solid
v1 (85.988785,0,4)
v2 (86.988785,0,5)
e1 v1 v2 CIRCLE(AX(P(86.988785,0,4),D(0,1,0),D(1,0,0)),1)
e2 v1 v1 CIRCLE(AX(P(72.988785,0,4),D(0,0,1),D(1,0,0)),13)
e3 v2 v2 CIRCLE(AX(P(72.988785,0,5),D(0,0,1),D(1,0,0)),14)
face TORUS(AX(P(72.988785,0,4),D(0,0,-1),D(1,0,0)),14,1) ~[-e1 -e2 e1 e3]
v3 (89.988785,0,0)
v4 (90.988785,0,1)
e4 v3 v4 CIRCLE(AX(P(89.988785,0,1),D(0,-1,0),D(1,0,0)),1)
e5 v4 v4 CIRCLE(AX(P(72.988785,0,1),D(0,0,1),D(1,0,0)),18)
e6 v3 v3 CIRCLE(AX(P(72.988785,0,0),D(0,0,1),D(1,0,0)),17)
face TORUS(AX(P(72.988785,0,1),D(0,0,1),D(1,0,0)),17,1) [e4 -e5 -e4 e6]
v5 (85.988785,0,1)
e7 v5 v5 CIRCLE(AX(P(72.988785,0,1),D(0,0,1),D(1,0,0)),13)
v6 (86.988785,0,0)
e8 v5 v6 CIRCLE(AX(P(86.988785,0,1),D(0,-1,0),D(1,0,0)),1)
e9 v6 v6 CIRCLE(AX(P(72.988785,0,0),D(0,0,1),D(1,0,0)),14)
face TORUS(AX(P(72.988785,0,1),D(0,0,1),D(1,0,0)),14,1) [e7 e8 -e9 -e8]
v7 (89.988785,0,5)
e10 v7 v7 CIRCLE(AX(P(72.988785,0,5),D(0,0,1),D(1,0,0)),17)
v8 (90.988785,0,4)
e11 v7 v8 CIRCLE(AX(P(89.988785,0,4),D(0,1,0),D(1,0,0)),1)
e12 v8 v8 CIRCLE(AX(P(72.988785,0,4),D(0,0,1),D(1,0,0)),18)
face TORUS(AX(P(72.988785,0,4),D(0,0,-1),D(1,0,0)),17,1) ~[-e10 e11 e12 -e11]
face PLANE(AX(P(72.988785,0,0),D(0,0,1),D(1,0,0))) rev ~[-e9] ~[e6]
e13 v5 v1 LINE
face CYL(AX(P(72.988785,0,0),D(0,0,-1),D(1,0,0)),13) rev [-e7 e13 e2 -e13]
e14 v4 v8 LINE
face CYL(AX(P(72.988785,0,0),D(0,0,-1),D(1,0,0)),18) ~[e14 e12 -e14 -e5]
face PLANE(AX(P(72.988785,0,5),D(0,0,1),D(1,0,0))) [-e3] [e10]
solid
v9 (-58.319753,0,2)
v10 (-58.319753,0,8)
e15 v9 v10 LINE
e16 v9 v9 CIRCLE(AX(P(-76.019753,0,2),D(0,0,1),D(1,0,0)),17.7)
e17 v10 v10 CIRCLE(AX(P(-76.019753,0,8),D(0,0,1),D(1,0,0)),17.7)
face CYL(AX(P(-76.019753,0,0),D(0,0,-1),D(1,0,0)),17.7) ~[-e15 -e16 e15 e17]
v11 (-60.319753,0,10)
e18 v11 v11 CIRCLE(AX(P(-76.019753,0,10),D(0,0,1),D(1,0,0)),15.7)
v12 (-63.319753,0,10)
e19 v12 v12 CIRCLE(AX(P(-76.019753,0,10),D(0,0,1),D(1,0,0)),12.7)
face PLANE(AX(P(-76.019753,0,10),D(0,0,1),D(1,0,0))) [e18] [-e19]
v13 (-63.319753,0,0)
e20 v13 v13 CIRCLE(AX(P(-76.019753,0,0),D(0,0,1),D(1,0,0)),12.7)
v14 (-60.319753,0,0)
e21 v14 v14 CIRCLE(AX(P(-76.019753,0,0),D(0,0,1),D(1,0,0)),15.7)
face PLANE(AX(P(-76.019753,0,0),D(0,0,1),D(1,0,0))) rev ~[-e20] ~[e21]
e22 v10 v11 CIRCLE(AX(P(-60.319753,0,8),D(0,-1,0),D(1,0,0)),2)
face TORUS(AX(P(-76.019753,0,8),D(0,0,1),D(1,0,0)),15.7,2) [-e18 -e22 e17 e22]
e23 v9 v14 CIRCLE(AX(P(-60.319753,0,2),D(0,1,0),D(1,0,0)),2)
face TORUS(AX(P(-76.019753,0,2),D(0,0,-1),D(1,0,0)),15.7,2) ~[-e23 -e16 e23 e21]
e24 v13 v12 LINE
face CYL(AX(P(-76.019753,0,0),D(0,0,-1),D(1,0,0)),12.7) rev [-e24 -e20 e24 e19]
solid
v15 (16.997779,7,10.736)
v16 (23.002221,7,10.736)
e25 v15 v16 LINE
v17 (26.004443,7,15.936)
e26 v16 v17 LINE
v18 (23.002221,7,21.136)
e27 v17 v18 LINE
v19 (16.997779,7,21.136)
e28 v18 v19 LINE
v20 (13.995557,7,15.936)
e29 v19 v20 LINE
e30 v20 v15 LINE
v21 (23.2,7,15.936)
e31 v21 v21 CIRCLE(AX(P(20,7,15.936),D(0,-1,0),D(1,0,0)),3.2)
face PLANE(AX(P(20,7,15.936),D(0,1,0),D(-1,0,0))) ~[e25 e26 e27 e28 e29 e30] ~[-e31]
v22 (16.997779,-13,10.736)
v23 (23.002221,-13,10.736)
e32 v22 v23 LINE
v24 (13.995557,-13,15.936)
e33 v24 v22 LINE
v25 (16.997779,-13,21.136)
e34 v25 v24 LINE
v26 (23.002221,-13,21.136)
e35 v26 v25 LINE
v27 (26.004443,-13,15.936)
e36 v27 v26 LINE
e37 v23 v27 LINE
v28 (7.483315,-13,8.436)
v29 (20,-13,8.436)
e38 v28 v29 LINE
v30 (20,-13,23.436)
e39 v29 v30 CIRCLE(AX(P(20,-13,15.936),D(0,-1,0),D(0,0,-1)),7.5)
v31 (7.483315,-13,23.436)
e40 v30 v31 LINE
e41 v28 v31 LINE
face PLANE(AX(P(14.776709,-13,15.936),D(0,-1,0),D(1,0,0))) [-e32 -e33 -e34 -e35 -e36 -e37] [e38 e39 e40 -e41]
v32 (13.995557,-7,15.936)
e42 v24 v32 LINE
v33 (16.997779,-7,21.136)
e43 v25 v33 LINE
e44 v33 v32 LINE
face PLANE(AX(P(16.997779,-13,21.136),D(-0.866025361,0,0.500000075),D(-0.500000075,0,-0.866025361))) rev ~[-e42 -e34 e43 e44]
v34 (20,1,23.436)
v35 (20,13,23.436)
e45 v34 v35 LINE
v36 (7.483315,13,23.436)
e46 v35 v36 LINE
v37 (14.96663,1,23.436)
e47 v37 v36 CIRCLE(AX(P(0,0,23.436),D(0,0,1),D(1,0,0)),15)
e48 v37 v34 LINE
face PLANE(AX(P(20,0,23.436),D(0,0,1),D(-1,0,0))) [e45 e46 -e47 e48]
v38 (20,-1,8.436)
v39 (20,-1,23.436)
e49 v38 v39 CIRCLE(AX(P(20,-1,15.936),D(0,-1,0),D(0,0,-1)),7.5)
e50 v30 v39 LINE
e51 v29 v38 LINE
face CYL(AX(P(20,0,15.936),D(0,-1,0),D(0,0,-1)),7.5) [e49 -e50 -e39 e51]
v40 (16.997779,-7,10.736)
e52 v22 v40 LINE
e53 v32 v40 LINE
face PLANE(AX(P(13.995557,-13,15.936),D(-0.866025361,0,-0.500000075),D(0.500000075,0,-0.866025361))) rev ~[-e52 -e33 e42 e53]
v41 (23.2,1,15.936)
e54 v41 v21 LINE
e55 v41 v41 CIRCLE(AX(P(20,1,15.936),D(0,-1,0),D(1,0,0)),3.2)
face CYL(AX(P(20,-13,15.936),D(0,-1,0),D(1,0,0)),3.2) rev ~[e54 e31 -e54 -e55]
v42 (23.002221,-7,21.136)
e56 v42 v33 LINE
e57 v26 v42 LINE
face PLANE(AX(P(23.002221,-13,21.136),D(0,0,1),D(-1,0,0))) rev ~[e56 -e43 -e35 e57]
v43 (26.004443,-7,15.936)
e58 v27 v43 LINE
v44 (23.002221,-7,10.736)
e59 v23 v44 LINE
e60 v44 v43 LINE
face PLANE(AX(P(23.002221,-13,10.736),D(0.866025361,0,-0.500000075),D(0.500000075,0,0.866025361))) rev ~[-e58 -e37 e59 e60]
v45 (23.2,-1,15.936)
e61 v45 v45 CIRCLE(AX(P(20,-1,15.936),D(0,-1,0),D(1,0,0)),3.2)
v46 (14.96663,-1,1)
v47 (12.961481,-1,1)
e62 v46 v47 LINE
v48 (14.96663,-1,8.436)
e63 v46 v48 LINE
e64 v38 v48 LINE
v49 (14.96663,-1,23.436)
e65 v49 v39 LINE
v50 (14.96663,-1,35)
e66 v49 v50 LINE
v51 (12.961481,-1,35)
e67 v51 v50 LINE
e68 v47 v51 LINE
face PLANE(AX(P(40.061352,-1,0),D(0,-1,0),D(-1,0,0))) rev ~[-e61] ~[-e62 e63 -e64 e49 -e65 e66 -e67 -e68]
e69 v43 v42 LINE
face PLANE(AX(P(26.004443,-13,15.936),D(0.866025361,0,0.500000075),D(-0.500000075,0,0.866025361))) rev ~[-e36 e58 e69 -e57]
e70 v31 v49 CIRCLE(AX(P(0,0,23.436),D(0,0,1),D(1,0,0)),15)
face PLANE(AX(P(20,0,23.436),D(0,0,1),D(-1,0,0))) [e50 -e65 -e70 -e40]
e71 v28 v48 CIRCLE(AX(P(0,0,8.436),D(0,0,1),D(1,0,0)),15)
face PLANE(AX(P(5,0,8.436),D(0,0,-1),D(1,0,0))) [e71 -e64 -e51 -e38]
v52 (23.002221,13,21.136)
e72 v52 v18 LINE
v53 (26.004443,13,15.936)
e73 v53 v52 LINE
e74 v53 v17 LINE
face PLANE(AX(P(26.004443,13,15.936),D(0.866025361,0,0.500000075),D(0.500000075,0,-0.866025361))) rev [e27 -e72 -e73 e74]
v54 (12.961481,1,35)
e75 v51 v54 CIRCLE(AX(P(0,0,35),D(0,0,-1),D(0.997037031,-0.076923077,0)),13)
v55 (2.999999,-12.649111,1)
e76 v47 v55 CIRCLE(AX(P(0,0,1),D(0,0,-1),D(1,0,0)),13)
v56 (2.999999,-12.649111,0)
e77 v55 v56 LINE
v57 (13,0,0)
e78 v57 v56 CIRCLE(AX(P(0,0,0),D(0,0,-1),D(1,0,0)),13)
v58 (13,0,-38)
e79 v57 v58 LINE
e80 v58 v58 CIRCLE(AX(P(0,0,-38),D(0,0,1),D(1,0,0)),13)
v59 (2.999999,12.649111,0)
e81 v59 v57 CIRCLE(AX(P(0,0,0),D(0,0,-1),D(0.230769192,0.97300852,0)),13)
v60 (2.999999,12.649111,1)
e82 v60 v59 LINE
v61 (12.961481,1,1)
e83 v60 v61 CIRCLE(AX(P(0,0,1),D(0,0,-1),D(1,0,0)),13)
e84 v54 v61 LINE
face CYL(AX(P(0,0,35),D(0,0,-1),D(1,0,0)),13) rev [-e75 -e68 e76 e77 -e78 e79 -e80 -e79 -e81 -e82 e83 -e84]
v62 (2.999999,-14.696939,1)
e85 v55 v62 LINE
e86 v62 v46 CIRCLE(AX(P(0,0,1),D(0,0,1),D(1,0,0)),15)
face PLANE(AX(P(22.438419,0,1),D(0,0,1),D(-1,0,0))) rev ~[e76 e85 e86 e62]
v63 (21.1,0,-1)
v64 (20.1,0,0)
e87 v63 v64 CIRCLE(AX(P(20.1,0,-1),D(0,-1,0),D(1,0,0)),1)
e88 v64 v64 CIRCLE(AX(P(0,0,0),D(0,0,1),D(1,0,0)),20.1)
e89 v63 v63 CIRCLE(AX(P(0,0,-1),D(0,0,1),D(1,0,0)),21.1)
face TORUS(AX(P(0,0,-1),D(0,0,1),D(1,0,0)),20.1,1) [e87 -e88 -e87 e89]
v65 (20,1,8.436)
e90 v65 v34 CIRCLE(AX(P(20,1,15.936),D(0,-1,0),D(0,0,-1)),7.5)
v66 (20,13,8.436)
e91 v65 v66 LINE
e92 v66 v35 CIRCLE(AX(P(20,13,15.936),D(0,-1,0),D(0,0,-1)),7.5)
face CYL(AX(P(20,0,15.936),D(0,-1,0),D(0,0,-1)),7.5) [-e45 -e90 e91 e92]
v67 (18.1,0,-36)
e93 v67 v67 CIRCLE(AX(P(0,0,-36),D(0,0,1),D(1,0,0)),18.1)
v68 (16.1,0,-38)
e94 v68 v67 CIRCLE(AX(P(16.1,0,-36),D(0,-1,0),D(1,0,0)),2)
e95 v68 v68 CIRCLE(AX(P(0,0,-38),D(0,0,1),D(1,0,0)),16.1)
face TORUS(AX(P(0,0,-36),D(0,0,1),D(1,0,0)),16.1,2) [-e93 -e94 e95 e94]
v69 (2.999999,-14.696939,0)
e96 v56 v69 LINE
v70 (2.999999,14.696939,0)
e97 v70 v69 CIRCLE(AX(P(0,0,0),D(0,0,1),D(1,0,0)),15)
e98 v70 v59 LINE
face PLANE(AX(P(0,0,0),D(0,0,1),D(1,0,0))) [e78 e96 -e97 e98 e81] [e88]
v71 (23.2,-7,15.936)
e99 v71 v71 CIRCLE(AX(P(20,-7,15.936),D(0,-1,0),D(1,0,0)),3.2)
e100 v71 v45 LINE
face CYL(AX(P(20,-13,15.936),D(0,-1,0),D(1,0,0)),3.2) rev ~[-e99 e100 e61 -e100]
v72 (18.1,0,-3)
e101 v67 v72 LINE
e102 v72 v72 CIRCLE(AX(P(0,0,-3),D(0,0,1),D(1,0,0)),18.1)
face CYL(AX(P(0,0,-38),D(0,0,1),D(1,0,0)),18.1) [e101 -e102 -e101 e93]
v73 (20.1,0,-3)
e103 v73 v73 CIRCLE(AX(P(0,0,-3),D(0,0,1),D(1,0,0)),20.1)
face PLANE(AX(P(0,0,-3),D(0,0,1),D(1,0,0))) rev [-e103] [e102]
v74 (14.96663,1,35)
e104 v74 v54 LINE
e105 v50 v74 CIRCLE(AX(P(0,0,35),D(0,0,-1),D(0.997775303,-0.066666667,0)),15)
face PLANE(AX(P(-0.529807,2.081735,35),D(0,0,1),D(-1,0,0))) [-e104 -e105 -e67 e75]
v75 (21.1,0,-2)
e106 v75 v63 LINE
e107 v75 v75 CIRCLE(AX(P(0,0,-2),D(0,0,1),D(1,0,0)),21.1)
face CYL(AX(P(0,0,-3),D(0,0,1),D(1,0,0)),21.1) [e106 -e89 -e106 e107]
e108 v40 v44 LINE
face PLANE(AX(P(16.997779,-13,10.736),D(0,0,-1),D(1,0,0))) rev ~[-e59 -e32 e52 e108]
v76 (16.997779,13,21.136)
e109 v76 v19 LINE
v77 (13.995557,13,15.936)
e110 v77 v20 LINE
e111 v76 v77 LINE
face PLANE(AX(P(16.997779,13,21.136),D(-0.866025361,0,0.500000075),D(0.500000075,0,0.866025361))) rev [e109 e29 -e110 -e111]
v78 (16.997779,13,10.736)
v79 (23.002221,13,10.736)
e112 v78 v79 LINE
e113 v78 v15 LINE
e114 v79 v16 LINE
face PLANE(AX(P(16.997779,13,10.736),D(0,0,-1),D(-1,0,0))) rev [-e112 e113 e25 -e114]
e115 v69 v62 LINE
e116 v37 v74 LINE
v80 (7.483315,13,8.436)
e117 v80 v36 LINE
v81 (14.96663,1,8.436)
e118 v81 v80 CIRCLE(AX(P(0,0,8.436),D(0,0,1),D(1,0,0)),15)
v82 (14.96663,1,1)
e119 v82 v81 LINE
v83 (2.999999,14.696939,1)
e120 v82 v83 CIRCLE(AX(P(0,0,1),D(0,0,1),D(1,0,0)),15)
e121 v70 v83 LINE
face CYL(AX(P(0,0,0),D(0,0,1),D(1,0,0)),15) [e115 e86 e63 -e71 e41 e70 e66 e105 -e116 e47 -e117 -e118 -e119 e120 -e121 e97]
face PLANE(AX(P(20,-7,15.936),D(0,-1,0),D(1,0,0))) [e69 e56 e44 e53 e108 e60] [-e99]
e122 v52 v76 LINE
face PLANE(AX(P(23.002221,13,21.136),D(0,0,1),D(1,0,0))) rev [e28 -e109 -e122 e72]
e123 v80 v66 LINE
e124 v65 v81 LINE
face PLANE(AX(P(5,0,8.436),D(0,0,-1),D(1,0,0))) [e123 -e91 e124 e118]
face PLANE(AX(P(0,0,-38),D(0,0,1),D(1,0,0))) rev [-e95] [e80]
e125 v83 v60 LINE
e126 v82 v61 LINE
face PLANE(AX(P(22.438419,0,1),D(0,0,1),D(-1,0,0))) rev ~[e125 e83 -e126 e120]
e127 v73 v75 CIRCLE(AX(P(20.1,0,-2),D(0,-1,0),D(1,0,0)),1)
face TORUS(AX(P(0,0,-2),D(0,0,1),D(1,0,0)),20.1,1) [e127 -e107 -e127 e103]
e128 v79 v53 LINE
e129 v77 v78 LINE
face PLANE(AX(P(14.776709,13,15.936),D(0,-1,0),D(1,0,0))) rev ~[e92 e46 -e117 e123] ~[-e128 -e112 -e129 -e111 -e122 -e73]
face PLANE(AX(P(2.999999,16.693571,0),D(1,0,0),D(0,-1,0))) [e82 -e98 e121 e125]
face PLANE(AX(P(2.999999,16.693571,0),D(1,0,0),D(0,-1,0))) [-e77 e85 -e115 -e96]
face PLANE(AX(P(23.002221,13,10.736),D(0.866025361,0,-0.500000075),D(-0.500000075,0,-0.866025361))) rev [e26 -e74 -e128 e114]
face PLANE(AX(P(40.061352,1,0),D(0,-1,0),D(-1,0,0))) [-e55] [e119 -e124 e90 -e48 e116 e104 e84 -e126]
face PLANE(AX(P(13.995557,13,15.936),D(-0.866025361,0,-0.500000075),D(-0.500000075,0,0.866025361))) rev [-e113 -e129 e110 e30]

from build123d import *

# Parameters (mm, degrees)
SKETCH009_R     = 17.7
SKETCH009_R_2   = 12.7
PAD002_DEPTH    = 10
FILLET_R        = 2
FILLET001_R     = 2
SKETCH010_R     = 18
SKETCH010_R_2   = 13
PAD003_DEPTH    = 5
FILLET002_R     = 1
FILLET003_R     = 1
FILLET004_R     = 1
SKETCH001_W     = 80.348313
SKETCH001_H     = 4.16347
PAD_DEPTH       = 10
PAD001_DEPTH    = 13
POCKET_DEPTH    = 6
SKETCH004_R     = 3.2
POCKET001_DEPTH = 34.101
SKETCH005_W     = 40.061353
SKETCH005_H     = 2
POCKET002_DEPTH = 45.001
SKETCH006_W     = 38.876839
SKETCH006_H     = 33.387142
POCKET003_DEPTH = 1
SKETCH007_R     = 13
POCKET004_DEPTH = 83.001
SKETCH008_W     = 80.348313
SKETCH008_H     = 4.16347
POCKET005_DEPTH = 10
FILLET005_R     = 2
FILLET006_R     = 1
FILLET007_R     = 1


with BuildPart() as fillet001:
    # Sketch009 → Pad002 (new body)
    with BuildSketch(Plane.XY):
        with Locations((-76.019753, 0)):
            Circle(SKETCH009_R)
        with Locations((-76.019753, 0)):
            Circle(SKETCH009_R_2, mode=Mode.SUBTRACT)
    extrude(amount=PAD002_DEPTH)

    # Fillet
    fillet_edges = [fillet001.edges().sort_by_distance(p)[0] for p in [
        (-93.719753, 0, 10),
    ]]
    fillet(fillet_edges, radius=FILLET_R)

    # Fillet001
    fillet001_edges = [fillet001.edges().sort_by_distance(p)[0] for p in [
        (-93.719753, 0, 0),
    ]]
    fillet(fillet001_edges, radius=FILLET001_R)


with BuildPart() as fillet004:
    # Sketch010 → Pad003 (new body)
    with BuildSketch(Plane.XY):
        with Locations((72.988785, 0)):
            Circle(SKETCH010_R)
        with Locations((72.988785, 0)):
            Circle(SKETCH010_R_2, mode=Mode.SUBTRACT)
    extrude(amount=PAD003_DEPTH)

    # Fillet002
    fillet002_edges = [fillet004.edges().sort_by_distance(p)[0] for p in [
        (59.988785, 0, 5),
    ]]
    fillet(fillet002_edges, radius=FILLET002_R)

    # Fillet003
    fillet003_edges = [fillet004.edges().sort_by_distance(p)[0] for p in [
        (59.988785, 0, 0),
    ]]
    fillet(fillet003_edges, radius=FILLET003_R)

    # Fillet004
    fillet004_edges = [fillet004.edges().sort_by_distance(p)[0] for p in [
        (54.988785, 0, 5),
        (54.988785, 0, 0),
    ]]
    fillet(fillet004_edges, radius=FILLET004_R)


with BuildPart() as fillet007:
    # Sketch → Revolution (revolve)
    with BuildSketch(Plane.XZ):
        Polygon((13, 35), (13, -38), (18.1, -38), (18.1, -3), (21.1, -3), (21.1, 0), (15, 0), (15, 35), align=None)
    revolve(axis=Axis((0, 0, 0), (0, 0, 1)))

    # Sketch001 → Pad (new body)
    with BuildSketch(Plane(origin=(0, 0, 35), x_dir=(-1, 0, 0), z_dir=(0, 0, 1))):
        with Locations((0.529807, -2.081735)):
            Rectangle(SKETCH001_W, SKETCH001_H)
    extrude(amount=PAD_DEPTH)

    # Sketch002 → Pad001 (new body, symmetric)
    with BuildSketch(Plane.XZ):
        with BuildLine():
            Line((20, 23.436), (5, 23.436))
            Line((5, 23.436), (5, 8.436))
            Line((5, 8.436), (20, 8.436))
            ThreePointArc((20, 8.436), (27.5, 15.936), (20, 23.436))
        make_face()
    extrude(amount=PAD001_DEPTH, both=True)

    # Sketch003 → Pocket (cut)
    with BuildSketch(Plane.XZ.offset(13)):
        Polygon((23.002221, 10.736), (26.004443, 15.936), (23.002221, 21.136), (16.997779, 21.136), (13.995557, 15.936), (16.997779, 10.736), align=None)
    pocket = extrude(amount=-POCKET_DEPTH, mode=Mode.SUBTRACT)

    # Mirrored: Pocket across face of Pocket
    add(pocket.mirror(Plane(origin=(-0.529806, 0, 40), x_dir=(1, 0, 0), z_dir=(0, -1, 0))), mode=Mode.SUBTRACT)

    # Sketch004 → Pocket001 (cut, through all)
    with BuildSketch(Plane.XZ.offset(13)):
        with Locations((20, 15.936)):
            Circle(SKETCH004_R)
    extrude(amount=-POCKET001_DEPTH, mode=Mode.SUBTRACT)

    # Sketch005 → Pocket002 (cut, through all)
    with BuildSketch(Plane(origin=(0, 0, 0), x_dir=(-1, 0, 0), z_dir=(0, 0, 1))):
        with Locations((-20.030676, 0)):
            Rectangle(SKETCH005_W, SKETCH005_H)
    extrude(amount=POCKET002_DEPTH, mode=Mode.SUBTRACT)

    # Sketch006 → Pocket003 (cut)
    with BuildSketch(Plane(origin=(0, 0, 0), x_dir=(-1, 0, 0), z_dir=(0, 0, 1))):
        with Locations((-22.438419, 0)):
            Rectangle(SKETCH006_W, SKETCH006_H)
    extrude(amount=POCKET003_DEPTH, mode=Mode.SUBTRACT)

    # Sketch007 → Pocket004 (cut, through all)
    with BuildSketch(Plane(origin=(0, 0, -38), x_dir=(1, 0, 0), z_dir=(0, 0, -1))):
        Circle(SKETCH007_R)
    extrude(amount=-POCKET004_DEPTH, mode=Mode.SUBTRACT)

    # Sketch008 → Pocket005 (cut)
    with BuildSketch(Plane(origin=(0, 0, 45), x_dir=(-1, 0, 0), z_dir=(0, 0, 1))):
        with Locations((0.529807, -2.081735)):
            Rectangle(SKETCH008_W, SKETCH008_H)
    extrude(amount=-POCKET005_DEPTH, mode=Mode.SUBTRACT)

    # Fillet005
    fillet005_edges = [fillet007.edges().sort_by_distance(p)[0] for p in [
        (-18.1, 0, -38),
    ]]
    fillet(fillet005_edges, radius=FILLET005_R)

    # Fillet006
    fillet006_edges = [fillet007.edges().sort_by_distance(p)[0] for p in [
        (-21.1, 0, -3),
    ]]
    fillet(fillet006_edges, radius=FILLET006_R)

    # Fillet007
    fillet007_edges = [fillet007.edges().sort_by_distance(p)[0] for p in [
        (-21.1, 0, 0),
        (18.714999, -9.74468, 0),
        (21.094072, -0.500141, 0),
        (21.094072, 0.500141, 0),
        (18.714999, 9.74468, 0),
    ]]
    fillet(fillet007_edges, radius=FILLET007_R)


solid = Compound([fillet001.part, fillet004.part, fillet007.part])
